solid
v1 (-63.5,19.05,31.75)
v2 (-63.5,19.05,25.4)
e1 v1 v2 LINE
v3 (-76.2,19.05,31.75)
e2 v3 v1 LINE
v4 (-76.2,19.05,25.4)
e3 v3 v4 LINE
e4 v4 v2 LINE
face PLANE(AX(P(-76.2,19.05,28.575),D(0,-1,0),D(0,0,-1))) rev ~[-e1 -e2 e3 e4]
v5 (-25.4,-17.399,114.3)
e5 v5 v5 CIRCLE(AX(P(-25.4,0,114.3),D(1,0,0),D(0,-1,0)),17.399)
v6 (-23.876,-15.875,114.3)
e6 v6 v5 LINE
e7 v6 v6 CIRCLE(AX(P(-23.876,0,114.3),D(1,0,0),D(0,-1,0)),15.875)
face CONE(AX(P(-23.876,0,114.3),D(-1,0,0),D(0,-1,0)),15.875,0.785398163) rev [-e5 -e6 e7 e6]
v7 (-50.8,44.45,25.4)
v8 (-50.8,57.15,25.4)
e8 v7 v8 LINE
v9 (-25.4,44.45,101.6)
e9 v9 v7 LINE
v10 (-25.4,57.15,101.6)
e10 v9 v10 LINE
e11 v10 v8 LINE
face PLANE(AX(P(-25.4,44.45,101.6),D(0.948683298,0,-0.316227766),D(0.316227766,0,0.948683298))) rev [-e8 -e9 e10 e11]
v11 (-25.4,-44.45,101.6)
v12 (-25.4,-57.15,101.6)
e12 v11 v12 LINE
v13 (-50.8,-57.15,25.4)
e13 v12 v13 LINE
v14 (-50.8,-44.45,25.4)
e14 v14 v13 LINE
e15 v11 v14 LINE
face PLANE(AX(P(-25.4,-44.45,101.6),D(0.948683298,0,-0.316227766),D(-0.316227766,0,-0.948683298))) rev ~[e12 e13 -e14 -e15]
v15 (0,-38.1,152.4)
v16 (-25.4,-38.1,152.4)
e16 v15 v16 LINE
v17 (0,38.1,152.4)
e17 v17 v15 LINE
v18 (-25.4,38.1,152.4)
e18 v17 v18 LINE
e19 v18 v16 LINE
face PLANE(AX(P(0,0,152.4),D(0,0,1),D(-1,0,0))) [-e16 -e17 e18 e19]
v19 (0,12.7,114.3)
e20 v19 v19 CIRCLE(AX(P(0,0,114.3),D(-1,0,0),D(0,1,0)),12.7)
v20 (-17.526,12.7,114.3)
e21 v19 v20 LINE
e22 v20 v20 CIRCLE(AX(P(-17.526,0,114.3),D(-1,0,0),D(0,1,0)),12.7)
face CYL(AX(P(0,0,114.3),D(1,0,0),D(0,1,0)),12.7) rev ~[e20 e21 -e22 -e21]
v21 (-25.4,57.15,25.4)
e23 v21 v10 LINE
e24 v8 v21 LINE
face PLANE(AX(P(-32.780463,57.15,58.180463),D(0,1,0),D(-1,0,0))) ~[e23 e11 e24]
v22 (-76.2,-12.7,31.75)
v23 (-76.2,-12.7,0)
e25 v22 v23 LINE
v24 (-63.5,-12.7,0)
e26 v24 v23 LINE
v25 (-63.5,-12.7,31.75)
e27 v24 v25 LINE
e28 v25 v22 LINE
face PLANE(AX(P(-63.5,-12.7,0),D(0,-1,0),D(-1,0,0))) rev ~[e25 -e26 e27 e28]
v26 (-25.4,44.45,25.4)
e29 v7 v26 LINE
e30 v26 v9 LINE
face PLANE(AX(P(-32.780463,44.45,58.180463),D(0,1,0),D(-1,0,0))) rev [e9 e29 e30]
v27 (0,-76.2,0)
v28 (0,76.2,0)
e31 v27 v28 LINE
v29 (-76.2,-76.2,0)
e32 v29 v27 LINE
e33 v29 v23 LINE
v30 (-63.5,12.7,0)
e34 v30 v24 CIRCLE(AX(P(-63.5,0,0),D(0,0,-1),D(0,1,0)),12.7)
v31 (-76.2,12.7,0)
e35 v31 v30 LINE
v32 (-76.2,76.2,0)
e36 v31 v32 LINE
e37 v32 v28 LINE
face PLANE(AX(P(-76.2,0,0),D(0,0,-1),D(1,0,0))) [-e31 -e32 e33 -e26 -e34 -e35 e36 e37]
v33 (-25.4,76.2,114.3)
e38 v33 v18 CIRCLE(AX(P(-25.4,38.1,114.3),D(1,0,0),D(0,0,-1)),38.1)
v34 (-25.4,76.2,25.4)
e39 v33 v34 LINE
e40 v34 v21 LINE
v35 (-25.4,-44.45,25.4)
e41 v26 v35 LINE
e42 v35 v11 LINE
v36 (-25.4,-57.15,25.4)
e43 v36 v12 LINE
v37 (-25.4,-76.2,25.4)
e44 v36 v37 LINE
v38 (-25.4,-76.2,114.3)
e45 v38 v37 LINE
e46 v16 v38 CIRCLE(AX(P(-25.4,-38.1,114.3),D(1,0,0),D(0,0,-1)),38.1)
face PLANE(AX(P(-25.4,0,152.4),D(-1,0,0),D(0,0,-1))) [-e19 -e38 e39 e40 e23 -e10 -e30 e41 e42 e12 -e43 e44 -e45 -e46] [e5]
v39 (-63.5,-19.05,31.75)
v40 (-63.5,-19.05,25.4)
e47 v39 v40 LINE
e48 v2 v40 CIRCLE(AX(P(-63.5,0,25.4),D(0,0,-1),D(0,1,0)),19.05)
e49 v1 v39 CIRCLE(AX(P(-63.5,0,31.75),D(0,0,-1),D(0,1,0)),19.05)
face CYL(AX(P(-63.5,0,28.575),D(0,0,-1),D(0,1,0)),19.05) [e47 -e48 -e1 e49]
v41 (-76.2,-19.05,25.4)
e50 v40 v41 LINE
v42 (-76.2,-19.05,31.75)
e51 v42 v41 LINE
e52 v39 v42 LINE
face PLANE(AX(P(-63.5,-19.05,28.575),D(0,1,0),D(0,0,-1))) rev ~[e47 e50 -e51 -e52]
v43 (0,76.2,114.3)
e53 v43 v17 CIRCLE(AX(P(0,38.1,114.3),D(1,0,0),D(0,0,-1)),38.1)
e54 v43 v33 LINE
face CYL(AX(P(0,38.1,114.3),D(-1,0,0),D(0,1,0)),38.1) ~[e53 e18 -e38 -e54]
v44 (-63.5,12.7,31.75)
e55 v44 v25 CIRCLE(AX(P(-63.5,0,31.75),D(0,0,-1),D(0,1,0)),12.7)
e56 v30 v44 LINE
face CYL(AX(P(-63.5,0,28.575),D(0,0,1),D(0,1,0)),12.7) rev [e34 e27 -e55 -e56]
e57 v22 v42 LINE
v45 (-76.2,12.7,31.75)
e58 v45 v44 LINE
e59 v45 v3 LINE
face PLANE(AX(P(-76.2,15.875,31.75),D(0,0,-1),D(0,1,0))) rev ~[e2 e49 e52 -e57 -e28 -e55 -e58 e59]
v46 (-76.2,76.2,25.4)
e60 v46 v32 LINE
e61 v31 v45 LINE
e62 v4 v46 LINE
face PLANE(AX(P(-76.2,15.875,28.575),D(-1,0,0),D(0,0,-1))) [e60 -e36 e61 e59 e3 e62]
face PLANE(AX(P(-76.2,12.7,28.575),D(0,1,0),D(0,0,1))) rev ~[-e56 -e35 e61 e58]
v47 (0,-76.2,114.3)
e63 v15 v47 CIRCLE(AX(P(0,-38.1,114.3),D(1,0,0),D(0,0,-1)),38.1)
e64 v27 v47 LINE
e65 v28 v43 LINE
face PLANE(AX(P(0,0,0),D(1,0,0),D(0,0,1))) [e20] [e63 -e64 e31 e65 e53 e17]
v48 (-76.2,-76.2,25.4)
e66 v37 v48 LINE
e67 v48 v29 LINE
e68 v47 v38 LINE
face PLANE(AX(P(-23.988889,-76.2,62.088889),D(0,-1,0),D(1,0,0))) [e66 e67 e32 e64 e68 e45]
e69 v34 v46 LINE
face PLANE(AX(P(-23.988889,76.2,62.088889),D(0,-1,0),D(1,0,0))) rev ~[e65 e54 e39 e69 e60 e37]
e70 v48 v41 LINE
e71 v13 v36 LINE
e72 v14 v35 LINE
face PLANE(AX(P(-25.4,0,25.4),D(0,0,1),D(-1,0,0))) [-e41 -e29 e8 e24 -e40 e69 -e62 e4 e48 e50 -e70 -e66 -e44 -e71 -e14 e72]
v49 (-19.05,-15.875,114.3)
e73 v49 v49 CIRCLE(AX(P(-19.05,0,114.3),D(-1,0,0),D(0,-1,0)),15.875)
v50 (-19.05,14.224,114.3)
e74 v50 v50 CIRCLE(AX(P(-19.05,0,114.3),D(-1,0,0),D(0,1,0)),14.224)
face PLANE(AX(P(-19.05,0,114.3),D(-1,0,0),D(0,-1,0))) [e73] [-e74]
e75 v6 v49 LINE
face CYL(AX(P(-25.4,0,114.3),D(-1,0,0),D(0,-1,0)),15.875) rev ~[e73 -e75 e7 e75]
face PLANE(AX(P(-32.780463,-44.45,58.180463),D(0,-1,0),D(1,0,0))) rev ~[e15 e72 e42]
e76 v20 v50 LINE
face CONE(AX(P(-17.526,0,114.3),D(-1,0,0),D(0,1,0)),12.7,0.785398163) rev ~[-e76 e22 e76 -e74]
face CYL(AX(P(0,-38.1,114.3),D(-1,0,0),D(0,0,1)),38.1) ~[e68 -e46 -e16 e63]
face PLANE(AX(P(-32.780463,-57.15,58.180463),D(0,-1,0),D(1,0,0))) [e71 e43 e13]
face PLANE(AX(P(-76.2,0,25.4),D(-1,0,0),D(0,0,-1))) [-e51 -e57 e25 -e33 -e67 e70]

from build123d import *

# Parameters (mm, degrees)
F1_DEPTH  = 76.2
F2_R      = 12.7
F3_DEPTH  = 76.201
F5_DEPTH  = 152.401
F6_R      = 15.875
F7_DEPTH  = 6.35
F8_R      = 38.1
F12_DEPTH = 12.7
F14_SIZE  = 1.524
F15_W     = 6.35
F15_H     = 6.35


with BuildPart() as f1:
    # F0 (on Front) → F1 (new body, symmetric)
    with BuildSketch(Plane.XZ):
        Polygon((0, 0), (0, 152.4), (-25.4, 152.4), (-25.4, 25.4), (-76.2, 25.4), (-76.2, 0), align=None)
    extrude(amount=F1_DEPTH, both=True)

    # F2 (on face) → F3 (cut, through all)
    with BuildSketch(Plane.YZ):
        with Locations((0, 114.3)):
            Circle(F2_R)
    extrude(amount=-F3_DEPTH, mode=Mode.SUBTRACT)

    # F4 (on face) → F5 (cut, through all)
    with BuildSketch(Plane(origin=(0, 0, 0), x_dir=(1, 0, 0), z_dir=(0, 0, -1))):
        with BuildLine():
            Line((-63.5, 12.7), (-76.2, 12.7))
            Line((-76.2, 12.7), (-76.2, -12.7))
            Line((-76.2, -12.7), (-63.5, -12.7))
            ThreePointArc((-63.5, -12.7), (-50.8, 0), (-63.5, 12.7))
        make_face()
    extrude(amount=-F5_DEPTH, mode=Mode.SUBTRACT)

    # F6 (on face) → F7 (cut)
    with BuildSketch(Plane(origin=(-25.4, 0, 0), x_dir=(0, -1, 0), z_dir=(-1, 0, 0))):
        with Locations((0, 114.3)):
            Circle(F6_R)
    extrude(amount=-F7_DEPTH, mode=Mode.SUBTRACT)

    # F8
    f8_edges = [f1.edges().sort_by_distance(p)[0] for p in [
        (-12.7, -76.2, 152.4),
        (-12.7, 76.2, 152.4),
    ]]
    fillet(f8_edges, radius=F8_R)

    # F11 (on offset) → F12 (join)
    with BuildSketch(Plane.XZ.offset(44.45)):
        Polygon((-25.4, 25.4), (-25.4, 101.6), (-50.8, 25.4), align=None)
    extrude(amount=F12_DEPTH)

    # F13: F1 across plane


with BuildPart() as f1_1:
    add(f1.part)
    add(f1.part.mirror(Plane.XZ))

    # F14
    f14_edges = [f1_1.edges().sort_by_distance(p)[0] for p in [
        (-25.4, 15.875, 114.3),
        (-19.05, -12.7, 114.3),
    ]]
    chamfer(f14_edges, length=F14_SIZE)

    # F16: sweep along a path in F16_path
    with BuildLine(Plane(origin=(-63.5, 12.7, 25.4), x_dir=(0, 1, 0), z_dir=(0, 0, 1))) as f16_path:
        Line((0, 12.7), (0, 0))
        ThreePointArc((0, 0), (-12.7, -12.7), (-25.4, 0))
        Line((-25.4, 0), (-25.4, 12.7))
    # F15 (on face) → F16 (sweep)
    with BuildSketch(Plane(origin=(-76.2, 0, 0), x_dir=(0, -1, 0), z_dir=(-1, 0, 0))):
        with Locations((-15.875, 28.575)):
            Rectangle(F15_W, F15_H)
    sweep(path=f16_path.line)


solid = f1_1.part
